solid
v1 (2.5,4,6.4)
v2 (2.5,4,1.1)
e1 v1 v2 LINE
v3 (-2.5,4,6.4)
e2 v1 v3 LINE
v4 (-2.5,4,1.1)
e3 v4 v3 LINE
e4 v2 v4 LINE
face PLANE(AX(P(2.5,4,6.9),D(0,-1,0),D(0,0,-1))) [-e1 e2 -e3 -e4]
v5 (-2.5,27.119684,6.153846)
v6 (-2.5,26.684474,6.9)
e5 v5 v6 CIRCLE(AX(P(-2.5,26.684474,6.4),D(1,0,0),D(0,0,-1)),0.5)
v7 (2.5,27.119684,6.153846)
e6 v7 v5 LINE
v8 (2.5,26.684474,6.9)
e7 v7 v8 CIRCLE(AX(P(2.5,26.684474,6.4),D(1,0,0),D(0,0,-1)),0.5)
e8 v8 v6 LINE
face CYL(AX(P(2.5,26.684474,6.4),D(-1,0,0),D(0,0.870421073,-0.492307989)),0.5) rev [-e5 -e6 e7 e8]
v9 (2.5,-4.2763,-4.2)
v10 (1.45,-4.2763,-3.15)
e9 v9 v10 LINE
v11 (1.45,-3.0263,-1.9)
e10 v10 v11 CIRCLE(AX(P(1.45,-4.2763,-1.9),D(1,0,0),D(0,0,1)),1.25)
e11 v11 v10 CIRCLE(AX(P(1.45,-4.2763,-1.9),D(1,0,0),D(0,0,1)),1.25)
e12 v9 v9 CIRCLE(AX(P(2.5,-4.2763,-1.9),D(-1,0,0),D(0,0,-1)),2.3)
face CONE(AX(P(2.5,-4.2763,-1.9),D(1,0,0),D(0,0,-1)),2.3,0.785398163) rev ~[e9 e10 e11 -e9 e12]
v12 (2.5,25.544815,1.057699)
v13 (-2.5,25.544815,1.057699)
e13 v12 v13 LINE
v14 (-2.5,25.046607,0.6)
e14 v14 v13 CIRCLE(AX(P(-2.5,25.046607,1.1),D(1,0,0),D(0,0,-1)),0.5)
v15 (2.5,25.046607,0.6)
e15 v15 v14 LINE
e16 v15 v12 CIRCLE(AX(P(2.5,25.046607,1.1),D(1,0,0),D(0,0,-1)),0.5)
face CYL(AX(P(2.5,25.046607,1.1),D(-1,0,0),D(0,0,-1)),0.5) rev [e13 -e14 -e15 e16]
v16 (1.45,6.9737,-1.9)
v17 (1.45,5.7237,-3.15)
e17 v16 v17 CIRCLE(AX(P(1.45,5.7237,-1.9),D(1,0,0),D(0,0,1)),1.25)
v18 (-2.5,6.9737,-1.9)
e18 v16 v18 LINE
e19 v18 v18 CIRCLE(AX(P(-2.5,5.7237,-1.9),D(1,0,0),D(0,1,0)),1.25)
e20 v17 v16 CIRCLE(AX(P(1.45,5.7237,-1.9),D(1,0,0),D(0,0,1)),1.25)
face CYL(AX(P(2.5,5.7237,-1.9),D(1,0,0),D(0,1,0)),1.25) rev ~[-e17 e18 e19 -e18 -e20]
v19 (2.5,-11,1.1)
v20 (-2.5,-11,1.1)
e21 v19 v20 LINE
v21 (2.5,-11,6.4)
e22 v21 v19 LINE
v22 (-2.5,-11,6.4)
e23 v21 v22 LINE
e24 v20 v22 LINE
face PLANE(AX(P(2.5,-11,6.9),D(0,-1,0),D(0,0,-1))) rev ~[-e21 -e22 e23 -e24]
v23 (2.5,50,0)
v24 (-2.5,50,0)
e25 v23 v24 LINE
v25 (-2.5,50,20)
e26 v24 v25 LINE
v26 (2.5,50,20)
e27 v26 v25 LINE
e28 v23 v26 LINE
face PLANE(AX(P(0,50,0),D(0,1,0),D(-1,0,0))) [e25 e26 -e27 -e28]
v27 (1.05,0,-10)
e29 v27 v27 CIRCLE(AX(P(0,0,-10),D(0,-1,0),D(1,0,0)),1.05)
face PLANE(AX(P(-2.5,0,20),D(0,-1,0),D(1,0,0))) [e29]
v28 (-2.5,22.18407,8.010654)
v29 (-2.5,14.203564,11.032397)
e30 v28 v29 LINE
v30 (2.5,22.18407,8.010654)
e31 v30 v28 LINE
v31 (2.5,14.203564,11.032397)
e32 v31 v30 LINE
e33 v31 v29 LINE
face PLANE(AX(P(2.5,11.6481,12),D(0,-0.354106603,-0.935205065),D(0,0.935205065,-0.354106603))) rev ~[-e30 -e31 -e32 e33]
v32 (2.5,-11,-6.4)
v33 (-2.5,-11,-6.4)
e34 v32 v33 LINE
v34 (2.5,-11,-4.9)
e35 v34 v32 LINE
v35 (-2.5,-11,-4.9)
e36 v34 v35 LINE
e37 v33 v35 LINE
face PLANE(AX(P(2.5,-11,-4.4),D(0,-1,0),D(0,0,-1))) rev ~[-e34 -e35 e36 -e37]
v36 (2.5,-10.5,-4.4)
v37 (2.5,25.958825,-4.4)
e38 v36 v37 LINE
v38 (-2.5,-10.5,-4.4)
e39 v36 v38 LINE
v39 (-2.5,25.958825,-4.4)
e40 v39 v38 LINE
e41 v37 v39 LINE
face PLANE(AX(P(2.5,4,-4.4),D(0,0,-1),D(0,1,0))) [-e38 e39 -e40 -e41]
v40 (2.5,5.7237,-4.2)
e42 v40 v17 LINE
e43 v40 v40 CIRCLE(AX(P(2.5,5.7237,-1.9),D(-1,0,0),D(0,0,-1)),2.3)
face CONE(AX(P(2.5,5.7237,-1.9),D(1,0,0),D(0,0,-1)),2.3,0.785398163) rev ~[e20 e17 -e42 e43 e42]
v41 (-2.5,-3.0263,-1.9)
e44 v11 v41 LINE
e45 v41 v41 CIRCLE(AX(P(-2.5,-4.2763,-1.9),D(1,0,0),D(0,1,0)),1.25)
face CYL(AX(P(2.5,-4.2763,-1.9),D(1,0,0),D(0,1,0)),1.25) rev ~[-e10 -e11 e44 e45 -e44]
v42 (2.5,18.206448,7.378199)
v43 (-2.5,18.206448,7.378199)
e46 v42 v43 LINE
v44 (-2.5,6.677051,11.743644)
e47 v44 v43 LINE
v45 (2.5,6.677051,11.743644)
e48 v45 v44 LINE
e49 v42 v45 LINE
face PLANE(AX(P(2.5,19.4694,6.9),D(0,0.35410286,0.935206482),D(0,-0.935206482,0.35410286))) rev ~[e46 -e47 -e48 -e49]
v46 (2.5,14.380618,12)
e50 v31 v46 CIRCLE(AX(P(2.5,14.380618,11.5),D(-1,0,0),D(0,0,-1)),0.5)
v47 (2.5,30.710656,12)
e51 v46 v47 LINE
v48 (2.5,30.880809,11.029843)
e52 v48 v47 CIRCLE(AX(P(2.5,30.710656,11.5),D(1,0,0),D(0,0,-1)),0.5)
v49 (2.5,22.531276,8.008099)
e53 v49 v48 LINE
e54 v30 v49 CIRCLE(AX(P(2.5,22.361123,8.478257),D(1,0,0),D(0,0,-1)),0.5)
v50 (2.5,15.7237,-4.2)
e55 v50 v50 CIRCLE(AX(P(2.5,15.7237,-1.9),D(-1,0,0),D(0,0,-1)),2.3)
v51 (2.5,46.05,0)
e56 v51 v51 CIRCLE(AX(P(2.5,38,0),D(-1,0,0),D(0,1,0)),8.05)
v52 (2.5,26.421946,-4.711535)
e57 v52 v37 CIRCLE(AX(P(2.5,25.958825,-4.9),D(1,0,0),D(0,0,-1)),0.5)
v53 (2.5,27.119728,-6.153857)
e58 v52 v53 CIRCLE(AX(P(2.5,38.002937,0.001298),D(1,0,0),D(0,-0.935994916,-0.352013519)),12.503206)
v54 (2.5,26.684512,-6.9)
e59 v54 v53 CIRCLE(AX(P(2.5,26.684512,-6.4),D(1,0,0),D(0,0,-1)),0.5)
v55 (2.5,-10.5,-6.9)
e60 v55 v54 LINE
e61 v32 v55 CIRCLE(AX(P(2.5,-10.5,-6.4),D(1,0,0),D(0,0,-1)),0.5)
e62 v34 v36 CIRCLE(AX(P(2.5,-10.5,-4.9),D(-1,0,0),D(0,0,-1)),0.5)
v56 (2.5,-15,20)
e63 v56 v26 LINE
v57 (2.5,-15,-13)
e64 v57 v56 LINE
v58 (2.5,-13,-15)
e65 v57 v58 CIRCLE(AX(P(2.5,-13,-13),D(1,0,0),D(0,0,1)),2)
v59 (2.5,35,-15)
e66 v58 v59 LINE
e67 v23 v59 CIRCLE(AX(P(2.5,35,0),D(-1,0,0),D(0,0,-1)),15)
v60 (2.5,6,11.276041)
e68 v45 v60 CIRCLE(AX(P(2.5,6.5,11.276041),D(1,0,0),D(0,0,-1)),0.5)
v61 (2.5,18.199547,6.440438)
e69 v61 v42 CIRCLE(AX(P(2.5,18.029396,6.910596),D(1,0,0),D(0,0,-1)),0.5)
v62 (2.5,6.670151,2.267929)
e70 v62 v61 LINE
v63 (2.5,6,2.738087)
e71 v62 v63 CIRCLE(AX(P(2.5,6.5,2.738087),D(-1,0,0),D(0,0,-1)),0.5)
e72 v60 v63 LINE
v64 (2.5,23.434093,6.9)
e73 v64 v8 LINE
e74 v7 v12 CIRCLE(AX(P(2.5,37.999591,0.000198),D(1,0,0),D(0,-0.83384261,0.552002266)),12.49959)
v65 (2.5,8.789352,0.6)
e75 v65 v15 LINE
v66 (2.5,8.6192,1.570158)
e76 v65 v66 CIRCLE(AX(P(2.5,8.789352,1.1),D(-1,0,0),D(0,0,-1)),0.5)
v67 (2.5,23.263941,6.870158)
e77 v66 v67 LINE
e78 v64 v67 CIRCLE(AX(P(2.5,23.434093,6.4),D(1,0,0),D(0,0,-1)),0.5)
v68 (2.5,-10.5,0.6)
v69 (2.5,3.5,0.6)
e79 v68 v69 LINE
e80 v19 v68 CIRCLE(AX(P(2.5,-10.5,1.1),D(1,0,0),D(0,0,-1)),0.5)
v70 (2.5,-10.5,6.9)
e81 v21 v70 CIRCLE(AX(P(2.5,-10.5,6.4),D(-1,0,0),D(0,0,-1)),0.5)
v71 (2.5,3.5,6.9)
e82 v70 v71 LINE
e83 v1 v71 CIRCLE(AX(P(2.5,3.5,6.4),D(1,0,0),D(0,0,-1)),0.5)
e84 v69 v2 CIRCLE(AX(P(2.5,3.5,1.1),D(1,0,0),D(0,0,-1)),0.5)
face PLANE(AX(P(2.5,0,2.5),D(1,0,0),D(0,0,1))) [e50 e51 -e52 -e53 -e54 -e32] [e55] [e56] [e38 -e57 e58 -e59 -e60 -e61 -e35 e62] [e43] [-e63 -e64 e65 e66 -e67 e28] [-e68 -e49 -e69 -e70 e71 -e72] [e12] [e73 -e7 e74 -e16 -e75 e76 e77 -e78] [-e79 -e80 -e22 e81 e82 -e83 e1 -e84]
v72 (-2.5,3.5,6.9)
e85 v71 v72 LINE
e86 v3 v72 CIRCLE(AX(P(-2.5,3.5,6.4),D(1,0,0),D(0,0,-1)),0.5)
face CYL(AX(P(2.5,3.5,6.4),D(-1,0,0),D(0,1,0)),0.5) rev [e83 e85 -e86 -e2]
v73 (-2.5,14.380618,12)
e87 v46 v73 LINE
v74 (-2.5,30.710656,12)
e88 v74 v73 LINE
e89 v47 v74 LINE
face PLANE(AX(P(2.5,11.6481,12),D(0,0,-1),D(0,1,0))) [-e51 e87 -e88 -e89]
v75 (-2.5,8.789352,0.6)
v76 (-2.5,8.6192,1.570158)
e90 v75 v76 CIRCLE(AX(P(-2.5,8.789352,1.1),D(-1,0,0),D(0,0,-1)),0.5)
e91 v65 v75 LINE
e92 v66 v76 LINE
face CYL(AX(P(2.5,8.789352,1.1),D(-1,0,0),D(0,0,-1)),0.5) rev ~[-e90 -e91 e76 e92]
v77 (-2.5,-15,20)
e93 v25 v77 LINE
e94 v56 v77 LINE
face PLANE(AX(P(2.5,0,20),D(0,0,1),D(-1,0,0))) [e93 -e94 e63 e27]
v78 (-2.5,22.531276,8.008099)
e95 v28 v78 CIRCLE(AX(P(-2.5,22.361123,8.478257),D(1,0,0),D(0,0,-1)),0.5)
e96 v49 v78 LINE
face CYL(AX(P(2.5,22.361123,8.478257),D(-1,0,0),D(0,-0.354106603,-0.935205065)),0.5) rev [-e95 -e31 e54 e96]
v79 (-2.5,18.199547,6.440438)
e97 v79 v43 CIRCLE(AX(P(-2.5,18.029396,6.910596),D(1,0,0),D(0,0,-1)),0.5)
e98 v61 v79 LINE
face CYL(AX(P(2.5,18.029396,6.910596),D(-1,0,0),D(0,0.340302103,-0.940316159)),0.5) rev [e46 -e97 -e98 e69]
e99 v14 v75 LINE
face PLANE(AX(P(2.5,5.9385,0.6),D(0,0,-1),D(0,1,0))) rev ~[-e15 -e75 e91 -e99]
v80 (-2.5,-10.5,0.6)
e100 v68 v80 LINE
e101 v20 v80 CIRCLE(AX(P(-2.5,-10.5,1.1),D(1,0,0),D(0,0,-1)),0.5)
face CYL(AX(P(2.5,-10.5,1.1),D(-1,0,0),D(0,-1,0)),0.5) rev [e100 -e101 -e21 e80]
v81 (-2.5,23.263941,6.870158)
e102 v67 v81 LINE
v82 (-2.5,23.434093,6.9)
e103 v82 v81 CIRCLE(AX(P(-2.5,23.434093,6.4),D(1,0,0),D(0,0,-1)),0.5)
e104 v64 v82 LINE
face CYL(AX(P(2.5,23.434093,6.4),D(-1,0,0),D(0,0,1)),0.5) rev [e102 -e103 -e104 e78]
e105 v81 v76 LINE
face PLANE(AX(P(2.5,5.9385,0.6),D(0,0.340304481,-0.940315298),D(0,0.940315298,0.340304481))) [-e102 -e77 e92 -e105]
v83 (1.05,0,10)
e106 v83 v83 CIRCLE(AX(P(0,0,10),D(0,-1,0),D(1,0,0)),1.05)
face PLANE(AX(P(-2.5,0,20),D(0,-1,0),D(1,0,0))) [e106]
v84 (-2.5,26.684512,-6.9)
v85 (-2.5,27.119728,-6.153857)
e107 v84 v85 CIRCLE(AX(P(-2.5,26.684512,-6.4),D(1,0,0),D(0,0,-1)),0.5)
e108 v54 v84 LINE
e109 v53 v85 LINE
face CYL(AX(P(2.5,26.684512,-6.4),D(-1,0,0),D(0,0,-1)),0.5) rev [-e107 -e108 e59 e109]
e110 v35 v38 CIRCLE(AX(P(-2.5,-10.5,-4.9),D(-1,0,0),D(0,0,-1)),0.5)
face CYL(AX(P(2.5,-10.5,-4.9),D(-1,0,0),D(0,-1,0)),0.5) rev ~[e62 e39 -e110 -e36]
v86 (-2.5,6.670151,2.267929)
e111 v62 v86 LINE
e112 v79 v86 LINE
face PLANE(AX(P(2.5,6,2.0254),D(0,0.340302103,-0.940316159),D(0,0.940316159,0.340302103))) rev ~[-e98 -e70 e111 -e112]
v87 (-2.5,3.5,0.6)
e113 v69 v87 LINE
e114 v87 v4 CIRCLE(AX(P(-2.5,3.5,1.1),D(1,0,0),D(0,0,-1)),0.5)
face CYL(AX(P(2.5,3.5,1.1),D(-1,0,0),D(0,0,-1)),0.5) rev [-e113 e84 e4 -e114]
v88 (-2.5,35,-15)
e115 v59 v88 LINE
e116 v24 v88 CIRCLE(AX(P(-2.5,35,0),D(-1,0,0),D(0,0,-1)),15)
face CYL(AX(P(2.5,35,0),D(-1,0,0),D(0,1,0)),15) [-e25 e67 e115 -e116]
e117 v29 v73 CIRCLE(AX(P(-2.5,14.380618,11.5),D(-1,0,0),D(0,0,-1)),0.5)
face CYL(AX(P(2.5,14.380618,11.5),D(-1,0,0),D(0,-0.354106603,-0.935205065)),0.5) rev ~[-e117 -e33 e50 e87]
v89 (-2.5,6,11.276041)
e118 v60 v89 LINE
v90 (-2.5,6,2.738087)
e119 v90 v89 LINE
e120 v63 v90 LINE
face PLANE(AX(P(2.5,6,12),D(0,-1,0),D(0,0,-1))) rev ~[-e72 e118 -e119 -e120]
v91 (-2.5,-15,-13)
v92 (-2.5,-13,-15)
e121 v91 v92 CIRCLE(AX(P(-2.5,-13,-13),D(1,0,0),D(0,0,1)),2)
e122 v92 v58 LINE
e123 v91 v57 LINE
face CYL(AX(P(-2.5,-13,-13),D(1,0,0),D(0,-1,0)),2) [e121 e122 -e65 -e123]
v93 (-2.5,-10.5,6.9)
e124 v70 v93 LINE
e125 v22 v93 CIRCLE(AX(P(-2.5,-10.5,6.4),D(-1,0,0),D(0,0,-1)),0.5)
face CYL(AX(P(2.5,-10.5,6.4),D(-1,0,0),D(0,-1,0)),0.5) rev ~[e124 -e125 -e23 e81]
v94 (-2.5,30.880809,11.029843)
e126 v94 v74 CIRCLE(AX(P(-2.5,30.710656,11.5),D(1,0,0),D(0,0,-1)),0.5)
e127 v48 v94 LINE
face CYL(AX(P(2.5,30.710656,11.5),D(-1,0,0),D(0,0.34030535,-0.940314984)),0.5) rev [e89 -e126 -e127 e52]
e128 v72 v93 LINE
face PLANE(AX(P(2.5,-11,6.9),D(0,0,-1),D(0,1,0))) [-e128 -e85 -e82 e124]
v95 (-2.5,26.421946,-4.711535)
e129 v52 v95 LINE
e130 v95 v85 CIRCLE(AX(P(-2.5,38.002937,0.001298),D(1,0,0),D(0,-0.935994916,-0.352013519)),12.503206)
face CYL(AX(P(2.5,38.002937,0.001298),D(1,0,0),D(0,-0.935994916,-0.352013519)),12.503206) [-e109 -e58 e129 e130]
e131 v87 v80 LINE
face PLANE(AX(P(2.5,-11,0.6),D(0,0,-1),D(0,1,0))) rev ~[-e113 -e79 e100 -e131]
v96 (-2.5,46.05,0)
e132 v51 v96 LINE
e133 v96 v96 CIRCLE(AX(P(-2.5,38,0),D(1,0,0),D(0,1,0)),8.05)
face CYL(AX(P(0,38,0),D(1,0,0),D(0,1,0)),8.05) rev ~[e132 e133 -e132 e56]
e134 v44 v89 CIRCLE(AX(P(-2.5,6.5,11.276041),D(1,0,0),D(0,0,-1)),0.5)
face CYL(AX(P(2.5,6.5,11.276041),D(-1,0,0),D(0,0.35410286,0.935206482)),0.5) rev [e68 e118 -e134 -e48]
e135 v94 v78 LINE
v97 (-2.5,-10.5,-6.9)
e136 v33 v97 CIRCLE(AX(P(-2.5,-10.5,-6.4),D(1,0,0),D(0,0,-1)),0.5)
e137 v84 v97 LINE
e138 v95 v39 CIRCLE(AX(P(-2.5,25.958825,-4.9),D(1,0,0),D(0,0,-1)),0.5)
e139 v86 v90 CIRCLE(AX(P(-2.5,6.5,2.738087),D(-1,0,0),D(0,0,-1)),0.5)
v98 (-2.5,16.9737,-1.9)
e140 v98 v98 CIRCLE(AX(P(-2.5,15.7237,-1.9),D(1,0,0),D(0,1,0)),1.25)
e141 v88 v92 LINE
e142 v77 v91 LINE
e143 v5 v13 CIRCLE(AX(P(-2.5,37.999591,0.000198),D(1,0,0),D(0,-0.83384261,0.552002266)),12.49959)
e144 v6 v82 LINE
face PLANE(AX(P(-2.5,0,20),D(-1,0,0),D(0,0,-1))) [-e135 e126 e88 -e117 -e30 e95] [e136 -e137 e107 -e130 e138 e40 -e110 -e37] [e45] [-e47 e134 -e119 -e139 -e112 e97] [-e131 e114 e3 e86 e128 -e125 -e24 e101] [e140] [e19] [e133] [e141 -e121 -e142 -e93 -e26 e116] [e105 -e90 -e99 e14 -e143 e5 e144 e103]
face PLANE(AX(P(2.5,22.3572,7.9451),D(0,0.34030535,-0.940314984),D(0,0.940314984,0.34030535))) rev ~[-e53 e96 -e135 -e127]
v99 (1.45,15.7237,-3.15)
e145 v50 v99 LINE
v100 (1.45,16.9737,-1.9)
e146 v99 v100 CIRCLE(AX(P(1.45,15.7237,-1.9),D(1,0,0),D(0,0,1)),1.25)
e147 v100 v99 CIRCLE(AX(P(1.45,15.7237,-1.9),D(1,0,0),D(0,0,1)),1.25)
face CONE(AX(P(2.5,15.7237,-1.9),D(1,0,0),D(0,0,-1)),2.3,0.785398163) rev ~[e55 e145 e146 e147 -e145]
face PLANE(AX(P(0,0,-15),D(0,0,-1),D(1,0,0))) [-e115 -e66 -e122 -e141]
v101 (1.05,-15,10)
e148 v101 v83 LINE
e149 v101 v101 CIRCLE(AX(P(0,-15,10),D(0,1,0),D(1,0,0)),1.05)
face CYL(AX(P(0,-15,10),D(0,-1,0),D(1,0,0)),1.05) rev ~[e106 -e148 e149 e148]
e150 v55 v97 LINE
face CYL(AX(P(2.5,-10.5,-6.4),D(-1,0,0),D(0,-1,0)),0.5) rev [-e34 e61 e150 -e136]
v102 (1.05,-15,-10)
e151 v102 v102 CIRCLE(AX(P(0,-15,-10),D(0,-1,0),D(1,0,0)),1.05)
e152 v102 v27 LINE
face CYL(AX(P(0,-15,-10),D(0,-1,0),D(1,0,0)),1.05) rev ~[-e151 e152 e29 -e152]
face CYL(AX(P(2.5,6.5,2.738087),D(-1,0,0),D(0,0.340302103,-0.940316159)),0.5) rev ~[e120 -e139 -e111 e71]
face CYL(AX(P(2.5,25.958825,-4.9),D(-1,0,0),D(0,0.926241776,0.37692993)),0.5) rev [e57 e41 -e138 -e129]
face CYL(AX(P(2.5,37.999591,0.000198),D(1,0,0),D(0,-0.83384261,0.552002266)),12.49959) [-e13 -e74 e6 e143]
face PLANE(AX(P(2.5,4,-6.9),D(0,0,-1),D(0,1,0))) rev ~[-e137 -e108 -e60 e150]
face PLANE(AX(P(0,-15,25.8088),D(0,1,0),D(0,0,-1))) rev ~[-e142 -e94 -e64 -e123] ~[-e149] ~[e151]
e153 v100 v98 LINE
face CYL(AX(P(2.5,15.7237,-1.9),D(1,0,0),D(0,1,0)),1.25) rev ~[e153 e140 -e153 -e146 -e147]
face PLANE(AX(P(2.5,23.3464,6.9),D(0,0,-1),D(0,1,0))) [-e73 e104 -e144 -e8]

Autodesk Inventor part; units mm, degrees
ref_plane "YZ Plane" through (0, 0, 0) normal (1, 0, 0) x (0, 1, 0)
ref_plane "XZ Plane" through (0, 0, 0) normal (0, 1, 0) x (-1, 0, 0)
ref_plane "XY Plane" through (0, 0, 0) normal (0, 0, 1) x (1, 0, 0)
sketch "Boceto1" plane through (0, 0, 0) normal (0, 1, 0) x (-1, 0, 0)
  line L0 (-2.5, 20) -> (2.5, 20)
  line L1 (2.5, 20) -> (2.5, -15)
  line L2 (2.5, -15) -> (-2.5, -15)
  line L3 (-2.5, -15) -> (-2.5, 20)
  line L4 (0, 20) -> (0, -15)
  line L5 (-2.5, 2.5) -> (2.5, 2.5)
  point P0 (0, 0)
  point P1 (0, 2.5)
  dimension "d0" = 5
  dimension "d1" = 35
  dimension "d26" = 20
extrude "Main Body" add sketch "Boceto1" along normal mid plane 100
sketch "Axles" plane through (0, 0, 0) normal (1, 0, 0) x (0, 1, 0)
  line L0 (50, 20) -> (-50, 20) projected
  circle A0 centre (38, 0) radius 8.05
  circle A1 centre (-40, 0) radius 6.5
  point P0 (0, 0)
  dimension "d11" = 20
  dimension "d12" = 40
  dimension "d13" = 38
  dimension "d14" = 20
  dimension "d22" = 16.1
  dimension "d23" = 13
extrude "Bearings" cut sketch "Axles" along normal mid plane 100
sketch "Boceto4" plane through (0, 0, 0) normal (1, 0, 0) x (0, 1, 0)
  line L0 (-50.2028, -2.5) -> (5.4434, -2.5)
  line L1 (-50, -15) -> (-50, 20) projected
  line L2 (-50, 7.0921) -> (-15, 7.0921)
  line L3 (-15, 7.0921) -> (-15, -12.9079)
  line L4 (-15, -12.9079) -> (-50, -12.9079)
  line L5 (-50, -12.9079) -> (-50, 7.0921)
  point P0 (0, 0)
  dimension "d27" = 20
  dimension "d28" = 35
sketch "Boceto5" plane through (0, 0, 0) normal (1, 0, 0) x (0, 1, 0)
  line L0 (-50, 25.8088) -> (-15, 25.8088)
  line L1 (-15, 25.8088) -> (-15, -24.1912)
  line L2 (-15, -24.1912) -> (-50, -24.1912)
  line L3 (-50, -24.1912) -> (-50, 25.8088)
  point P0 (0, 0)
  point P1 (-50, 20)
  dimension "d29" = 35
  dimension "d56" = 50
extrude "Spring_support_space" cut sketch "Boceto5" along normal mid plane 10
sketch "Boceto6" plane through (-2.5, -15, 20) normal (0, -1, 0) x (1, 0, 0)
  line L0 (2.5, -16) -> (2.5, -24)
  line L1 (-2.5, -6.5) -> (-2.5, 6.5)
  line L2 (2.5, -20) -> (23.3777, -20)
  line L3 (2.5, 18.3522) -> (2.5, -26.5488)
  circle A0 centre (2.5, -10) radius 1.05
  circle A1 centre (2.5, -30) radius 1.05
  line L4 (0, 0) -> (5, 0) projected
  line L5 (0, 0) -> (5, 0) projected
  line L6 (0, -28.05) -> (0, -11.95) projected
  line L7 (5, -11.95) -> (5, -28.05) projected
  line L8 (0, -28.05) -> (5, -28.05) projected
  line L9 (0, -11.95) -> (5, -11.95) projected
  point P0 (2.5, 0)
  point P1 (0, -20)
  dimension "d35" = 2.1
  dimension "d36" = 20
extrude "Holes" cut sketch "Boceto6" against normal blind 15 contours A0 L3 | L3 A0 | A1
sketch "Boceto10" plane through (-2.5, -15, 20) normal (0, -1, 0) x (1, 0, 0)
  circle A0 centre (2.5, -10) radius 1.05 projected
  circle A1 centre (2.5, -30) radius 1.05 projected
  circle A2 centre (2.5, -10) radius 3.5
  line L0 (-5.1427, -20) -> (9.8665, -20)
  circle A3 centre (2.5, -30) radius 3.5
  point P0 (2.5, -20)
  dimension "d59" = 7
fillet "Edges" radius 15 1 edges at (0, 50, -15)
fillet "Edges" radius 2 1 edges at (0, -15, -15)
sketch "Boceto7" plane through (0, 0, 0) normal (1, 0, 0) x (0, 1, 0)
  line L0 (-15, -15) -> (-15, 20) projected
  line L1 (-50, 20) -> (50, 20) projected
  circle A0 centre (-8.5, 17) radius 1.2
  point P0 (0, 0)
  point P1 (45, 20)
  point P2 (-15, 15.1502)
  dimension "d41" = 6.5
  dimension "d42" = 3
  dimension "d50" = 2.4
extrude "Extrusión6" [suppressed]
pattern_linear "Patrón rectangular1" [suppressed]
sketch "Boceto8" plane through (0, 0, 0) normal (1, 0, 0) x (0, 1, 0)
  circle A0 centre (-4.2763, -1.9) radius 1.25 projected
  circle A1 centre (5.7237, -1.9) radius 1.25 projected
  circle A2 centre (15.7237, -1.9) radius 1.25 projected
  point P0 (0, 0)
extrude "Extrusión7" cut sketch "Boceto8" against normal up to surface (5 mm away) from surface at 2.5
sketch "Boceto11" plane through (2.5, -15, 20) normal (1, 0, 0) x (0, 0, -1)
  circle A0 centre (21.9, 10.7237) radius 1.25 projected
  circle A1 centre (21.9, 20.7237) radius 1.25 projected
  circle A2 centre (21.9, 30.7237) radius 1.25 projected
  line L0 (11.05, 0) -> (8.95, 0) projected
  line L1 (11.05, 15) -> (8.95, 15) projected
  line L2 (31.05, 0) -> (28.95, 0) projected
  line L3 (31.05, 15) -> (28.95, 15) projected
  line L4 (31.05, 0) -> (28.95, 0) projected
  line L5 (0, 0) -> (33, 0) projected
  circle A3 centre (20, 53) radius 8.05 projected
  line L6 (0, 65) -> (0, 0) projected
  line L7 (24.4, 19) -> (26.9, 19)
  line L8 (19.4, 20.9385) -> (19.4, 41.0847)
  line L9 (18.3253, 20) -> (18.3311, 20.0149)
  line L10 (20.4689, 19.9851) -> (20.4635, 20)
  line L11 (19.4, 20.9385) -> (13.1, 38.3464)
  arc A4 (13.1, 42.5769) -> (19.4, 40.5144) centre (20, 53) ccw
  arc A5 (24.4, 41.3) -> (26.9, 42.5769) centre (20, 53) ccw
  line L12 (13.1, 38.3464) -> (13.1, 42.5769)
  line L13 (24.4, 19) -> (24.4, 41.3)
  line L14 (26.9, 19) -> (26.9, 42.5769)
  line L15 (24.4, 19) -> (26.9, 19)
  line L16 (13.1, 4) -> (13.1, 19)
  line L17 (-0.5754, 4) -> (0, 4)
  line L18 (13.1, 34.4694) -> (8, 21)
  line L19 (8, 26.6481) -> (12.0549, 37.3572)
  line L20 (17.9746, 21) -> (13.1, 34.4694)
  line L21 (12.0549, 37.3572) -> (8, 48.5615)
  line L22 (8, 26.6481) -> (8, 48.5615)
  line L23 (13.1, 4) -> (19.4, 4)
  line L24 (24.4, 4) -> (26.9, 4)
  line L25 (24.4, 4) -> (24.4, 19)
  line L26 (26.9, 4) -> (26.9, 19)
  line L27 (19.4, 4) -> (19.4, 19)
  line L28 (13.1, 19) -> (19.4, 19)
  line L29 (8, 21) -> (17.9746, 21)
  point P0 (20, 15)
  point P1 (12.8284, 0)
  point P2 (27.1716, 0)
  point P3 (7.5505, 0)
extrude "Extrusión9" cut sketch "Boceto11" against normal blind 10 contours L13 A5 L14 L7 | L7 L26 L24 L25 | L11 L12 A4 L8 | L16 L28 L27 L23 | L20 L29 L18 | L22 L21 L19
extrude "Extrusión10" [suppressed]
fillet "Empalme2" radius 0.5 18 edges at (0, 6, 2.0254) (0, 19.4694, 6.9) (0, 6, 12) (0, 22.3572, 7.9451) (0, 33.5615, 12) (0, 11.6481, 12) (0, -11, 0.6) (0, 4, 6.9) (0, -11, -6.9) (0, -11, -4.4) (0, 27.5769, -6.9) (0, 26.3, -4.4) (0, 25.5144, 0.6) (0, 27.5769, 6.9) (0, 23.3464, 6.9) (0, 5.9385, 0.6) (0, -11, 6.9) (0, 4, 0.6)
sketch "Boceto13" plane through (-2.5, -15, 20) normal (-1, 0, 0) x (0, 0, 1)
  circle A0 centre (-3, 58.5) radius 1.2 projected
  circle A1 centre (-3, 45.5) radius 1.2 projected
  circle A2 centre (-3, 32.5) radius 1.2 projected
  circle A3 centre (-3, 19.5) radius 1.2 projected
  circle A4 centre (-3, 6.5) radius 1.2 projected
  circle A5 centre (-21.9, 10.7237) radius 1.25 projected
  circle A6 centre (-21.9, 20.7237) radius 1.25 projected
  circle A7 centre (-21.9, 30.7237) radius 1.25 projected
  point P0 (-20, 15)
hole "Agujero4" at (2.5, -4.2763, -1.9) direction (-1, 0, 0) diameter 2.4 end through all countersink diameter 4.6 countersink angle 90
hole "Agujero5" at (2.5, 5.7237, -1.9) direction (-1, 0, 0) diameter 2.4 end through all countersink diameter 4.6 countersink angle 90
hole "Agujero6" at (2.5, 15.7237, -1.9) direction (-1, 0, 0) diameter 2.4 end through all countersink diameter 4.6 countersink angle 90
properties part number "support_caterpillar_lateral_v3_Left" material "Plástico ABS"
